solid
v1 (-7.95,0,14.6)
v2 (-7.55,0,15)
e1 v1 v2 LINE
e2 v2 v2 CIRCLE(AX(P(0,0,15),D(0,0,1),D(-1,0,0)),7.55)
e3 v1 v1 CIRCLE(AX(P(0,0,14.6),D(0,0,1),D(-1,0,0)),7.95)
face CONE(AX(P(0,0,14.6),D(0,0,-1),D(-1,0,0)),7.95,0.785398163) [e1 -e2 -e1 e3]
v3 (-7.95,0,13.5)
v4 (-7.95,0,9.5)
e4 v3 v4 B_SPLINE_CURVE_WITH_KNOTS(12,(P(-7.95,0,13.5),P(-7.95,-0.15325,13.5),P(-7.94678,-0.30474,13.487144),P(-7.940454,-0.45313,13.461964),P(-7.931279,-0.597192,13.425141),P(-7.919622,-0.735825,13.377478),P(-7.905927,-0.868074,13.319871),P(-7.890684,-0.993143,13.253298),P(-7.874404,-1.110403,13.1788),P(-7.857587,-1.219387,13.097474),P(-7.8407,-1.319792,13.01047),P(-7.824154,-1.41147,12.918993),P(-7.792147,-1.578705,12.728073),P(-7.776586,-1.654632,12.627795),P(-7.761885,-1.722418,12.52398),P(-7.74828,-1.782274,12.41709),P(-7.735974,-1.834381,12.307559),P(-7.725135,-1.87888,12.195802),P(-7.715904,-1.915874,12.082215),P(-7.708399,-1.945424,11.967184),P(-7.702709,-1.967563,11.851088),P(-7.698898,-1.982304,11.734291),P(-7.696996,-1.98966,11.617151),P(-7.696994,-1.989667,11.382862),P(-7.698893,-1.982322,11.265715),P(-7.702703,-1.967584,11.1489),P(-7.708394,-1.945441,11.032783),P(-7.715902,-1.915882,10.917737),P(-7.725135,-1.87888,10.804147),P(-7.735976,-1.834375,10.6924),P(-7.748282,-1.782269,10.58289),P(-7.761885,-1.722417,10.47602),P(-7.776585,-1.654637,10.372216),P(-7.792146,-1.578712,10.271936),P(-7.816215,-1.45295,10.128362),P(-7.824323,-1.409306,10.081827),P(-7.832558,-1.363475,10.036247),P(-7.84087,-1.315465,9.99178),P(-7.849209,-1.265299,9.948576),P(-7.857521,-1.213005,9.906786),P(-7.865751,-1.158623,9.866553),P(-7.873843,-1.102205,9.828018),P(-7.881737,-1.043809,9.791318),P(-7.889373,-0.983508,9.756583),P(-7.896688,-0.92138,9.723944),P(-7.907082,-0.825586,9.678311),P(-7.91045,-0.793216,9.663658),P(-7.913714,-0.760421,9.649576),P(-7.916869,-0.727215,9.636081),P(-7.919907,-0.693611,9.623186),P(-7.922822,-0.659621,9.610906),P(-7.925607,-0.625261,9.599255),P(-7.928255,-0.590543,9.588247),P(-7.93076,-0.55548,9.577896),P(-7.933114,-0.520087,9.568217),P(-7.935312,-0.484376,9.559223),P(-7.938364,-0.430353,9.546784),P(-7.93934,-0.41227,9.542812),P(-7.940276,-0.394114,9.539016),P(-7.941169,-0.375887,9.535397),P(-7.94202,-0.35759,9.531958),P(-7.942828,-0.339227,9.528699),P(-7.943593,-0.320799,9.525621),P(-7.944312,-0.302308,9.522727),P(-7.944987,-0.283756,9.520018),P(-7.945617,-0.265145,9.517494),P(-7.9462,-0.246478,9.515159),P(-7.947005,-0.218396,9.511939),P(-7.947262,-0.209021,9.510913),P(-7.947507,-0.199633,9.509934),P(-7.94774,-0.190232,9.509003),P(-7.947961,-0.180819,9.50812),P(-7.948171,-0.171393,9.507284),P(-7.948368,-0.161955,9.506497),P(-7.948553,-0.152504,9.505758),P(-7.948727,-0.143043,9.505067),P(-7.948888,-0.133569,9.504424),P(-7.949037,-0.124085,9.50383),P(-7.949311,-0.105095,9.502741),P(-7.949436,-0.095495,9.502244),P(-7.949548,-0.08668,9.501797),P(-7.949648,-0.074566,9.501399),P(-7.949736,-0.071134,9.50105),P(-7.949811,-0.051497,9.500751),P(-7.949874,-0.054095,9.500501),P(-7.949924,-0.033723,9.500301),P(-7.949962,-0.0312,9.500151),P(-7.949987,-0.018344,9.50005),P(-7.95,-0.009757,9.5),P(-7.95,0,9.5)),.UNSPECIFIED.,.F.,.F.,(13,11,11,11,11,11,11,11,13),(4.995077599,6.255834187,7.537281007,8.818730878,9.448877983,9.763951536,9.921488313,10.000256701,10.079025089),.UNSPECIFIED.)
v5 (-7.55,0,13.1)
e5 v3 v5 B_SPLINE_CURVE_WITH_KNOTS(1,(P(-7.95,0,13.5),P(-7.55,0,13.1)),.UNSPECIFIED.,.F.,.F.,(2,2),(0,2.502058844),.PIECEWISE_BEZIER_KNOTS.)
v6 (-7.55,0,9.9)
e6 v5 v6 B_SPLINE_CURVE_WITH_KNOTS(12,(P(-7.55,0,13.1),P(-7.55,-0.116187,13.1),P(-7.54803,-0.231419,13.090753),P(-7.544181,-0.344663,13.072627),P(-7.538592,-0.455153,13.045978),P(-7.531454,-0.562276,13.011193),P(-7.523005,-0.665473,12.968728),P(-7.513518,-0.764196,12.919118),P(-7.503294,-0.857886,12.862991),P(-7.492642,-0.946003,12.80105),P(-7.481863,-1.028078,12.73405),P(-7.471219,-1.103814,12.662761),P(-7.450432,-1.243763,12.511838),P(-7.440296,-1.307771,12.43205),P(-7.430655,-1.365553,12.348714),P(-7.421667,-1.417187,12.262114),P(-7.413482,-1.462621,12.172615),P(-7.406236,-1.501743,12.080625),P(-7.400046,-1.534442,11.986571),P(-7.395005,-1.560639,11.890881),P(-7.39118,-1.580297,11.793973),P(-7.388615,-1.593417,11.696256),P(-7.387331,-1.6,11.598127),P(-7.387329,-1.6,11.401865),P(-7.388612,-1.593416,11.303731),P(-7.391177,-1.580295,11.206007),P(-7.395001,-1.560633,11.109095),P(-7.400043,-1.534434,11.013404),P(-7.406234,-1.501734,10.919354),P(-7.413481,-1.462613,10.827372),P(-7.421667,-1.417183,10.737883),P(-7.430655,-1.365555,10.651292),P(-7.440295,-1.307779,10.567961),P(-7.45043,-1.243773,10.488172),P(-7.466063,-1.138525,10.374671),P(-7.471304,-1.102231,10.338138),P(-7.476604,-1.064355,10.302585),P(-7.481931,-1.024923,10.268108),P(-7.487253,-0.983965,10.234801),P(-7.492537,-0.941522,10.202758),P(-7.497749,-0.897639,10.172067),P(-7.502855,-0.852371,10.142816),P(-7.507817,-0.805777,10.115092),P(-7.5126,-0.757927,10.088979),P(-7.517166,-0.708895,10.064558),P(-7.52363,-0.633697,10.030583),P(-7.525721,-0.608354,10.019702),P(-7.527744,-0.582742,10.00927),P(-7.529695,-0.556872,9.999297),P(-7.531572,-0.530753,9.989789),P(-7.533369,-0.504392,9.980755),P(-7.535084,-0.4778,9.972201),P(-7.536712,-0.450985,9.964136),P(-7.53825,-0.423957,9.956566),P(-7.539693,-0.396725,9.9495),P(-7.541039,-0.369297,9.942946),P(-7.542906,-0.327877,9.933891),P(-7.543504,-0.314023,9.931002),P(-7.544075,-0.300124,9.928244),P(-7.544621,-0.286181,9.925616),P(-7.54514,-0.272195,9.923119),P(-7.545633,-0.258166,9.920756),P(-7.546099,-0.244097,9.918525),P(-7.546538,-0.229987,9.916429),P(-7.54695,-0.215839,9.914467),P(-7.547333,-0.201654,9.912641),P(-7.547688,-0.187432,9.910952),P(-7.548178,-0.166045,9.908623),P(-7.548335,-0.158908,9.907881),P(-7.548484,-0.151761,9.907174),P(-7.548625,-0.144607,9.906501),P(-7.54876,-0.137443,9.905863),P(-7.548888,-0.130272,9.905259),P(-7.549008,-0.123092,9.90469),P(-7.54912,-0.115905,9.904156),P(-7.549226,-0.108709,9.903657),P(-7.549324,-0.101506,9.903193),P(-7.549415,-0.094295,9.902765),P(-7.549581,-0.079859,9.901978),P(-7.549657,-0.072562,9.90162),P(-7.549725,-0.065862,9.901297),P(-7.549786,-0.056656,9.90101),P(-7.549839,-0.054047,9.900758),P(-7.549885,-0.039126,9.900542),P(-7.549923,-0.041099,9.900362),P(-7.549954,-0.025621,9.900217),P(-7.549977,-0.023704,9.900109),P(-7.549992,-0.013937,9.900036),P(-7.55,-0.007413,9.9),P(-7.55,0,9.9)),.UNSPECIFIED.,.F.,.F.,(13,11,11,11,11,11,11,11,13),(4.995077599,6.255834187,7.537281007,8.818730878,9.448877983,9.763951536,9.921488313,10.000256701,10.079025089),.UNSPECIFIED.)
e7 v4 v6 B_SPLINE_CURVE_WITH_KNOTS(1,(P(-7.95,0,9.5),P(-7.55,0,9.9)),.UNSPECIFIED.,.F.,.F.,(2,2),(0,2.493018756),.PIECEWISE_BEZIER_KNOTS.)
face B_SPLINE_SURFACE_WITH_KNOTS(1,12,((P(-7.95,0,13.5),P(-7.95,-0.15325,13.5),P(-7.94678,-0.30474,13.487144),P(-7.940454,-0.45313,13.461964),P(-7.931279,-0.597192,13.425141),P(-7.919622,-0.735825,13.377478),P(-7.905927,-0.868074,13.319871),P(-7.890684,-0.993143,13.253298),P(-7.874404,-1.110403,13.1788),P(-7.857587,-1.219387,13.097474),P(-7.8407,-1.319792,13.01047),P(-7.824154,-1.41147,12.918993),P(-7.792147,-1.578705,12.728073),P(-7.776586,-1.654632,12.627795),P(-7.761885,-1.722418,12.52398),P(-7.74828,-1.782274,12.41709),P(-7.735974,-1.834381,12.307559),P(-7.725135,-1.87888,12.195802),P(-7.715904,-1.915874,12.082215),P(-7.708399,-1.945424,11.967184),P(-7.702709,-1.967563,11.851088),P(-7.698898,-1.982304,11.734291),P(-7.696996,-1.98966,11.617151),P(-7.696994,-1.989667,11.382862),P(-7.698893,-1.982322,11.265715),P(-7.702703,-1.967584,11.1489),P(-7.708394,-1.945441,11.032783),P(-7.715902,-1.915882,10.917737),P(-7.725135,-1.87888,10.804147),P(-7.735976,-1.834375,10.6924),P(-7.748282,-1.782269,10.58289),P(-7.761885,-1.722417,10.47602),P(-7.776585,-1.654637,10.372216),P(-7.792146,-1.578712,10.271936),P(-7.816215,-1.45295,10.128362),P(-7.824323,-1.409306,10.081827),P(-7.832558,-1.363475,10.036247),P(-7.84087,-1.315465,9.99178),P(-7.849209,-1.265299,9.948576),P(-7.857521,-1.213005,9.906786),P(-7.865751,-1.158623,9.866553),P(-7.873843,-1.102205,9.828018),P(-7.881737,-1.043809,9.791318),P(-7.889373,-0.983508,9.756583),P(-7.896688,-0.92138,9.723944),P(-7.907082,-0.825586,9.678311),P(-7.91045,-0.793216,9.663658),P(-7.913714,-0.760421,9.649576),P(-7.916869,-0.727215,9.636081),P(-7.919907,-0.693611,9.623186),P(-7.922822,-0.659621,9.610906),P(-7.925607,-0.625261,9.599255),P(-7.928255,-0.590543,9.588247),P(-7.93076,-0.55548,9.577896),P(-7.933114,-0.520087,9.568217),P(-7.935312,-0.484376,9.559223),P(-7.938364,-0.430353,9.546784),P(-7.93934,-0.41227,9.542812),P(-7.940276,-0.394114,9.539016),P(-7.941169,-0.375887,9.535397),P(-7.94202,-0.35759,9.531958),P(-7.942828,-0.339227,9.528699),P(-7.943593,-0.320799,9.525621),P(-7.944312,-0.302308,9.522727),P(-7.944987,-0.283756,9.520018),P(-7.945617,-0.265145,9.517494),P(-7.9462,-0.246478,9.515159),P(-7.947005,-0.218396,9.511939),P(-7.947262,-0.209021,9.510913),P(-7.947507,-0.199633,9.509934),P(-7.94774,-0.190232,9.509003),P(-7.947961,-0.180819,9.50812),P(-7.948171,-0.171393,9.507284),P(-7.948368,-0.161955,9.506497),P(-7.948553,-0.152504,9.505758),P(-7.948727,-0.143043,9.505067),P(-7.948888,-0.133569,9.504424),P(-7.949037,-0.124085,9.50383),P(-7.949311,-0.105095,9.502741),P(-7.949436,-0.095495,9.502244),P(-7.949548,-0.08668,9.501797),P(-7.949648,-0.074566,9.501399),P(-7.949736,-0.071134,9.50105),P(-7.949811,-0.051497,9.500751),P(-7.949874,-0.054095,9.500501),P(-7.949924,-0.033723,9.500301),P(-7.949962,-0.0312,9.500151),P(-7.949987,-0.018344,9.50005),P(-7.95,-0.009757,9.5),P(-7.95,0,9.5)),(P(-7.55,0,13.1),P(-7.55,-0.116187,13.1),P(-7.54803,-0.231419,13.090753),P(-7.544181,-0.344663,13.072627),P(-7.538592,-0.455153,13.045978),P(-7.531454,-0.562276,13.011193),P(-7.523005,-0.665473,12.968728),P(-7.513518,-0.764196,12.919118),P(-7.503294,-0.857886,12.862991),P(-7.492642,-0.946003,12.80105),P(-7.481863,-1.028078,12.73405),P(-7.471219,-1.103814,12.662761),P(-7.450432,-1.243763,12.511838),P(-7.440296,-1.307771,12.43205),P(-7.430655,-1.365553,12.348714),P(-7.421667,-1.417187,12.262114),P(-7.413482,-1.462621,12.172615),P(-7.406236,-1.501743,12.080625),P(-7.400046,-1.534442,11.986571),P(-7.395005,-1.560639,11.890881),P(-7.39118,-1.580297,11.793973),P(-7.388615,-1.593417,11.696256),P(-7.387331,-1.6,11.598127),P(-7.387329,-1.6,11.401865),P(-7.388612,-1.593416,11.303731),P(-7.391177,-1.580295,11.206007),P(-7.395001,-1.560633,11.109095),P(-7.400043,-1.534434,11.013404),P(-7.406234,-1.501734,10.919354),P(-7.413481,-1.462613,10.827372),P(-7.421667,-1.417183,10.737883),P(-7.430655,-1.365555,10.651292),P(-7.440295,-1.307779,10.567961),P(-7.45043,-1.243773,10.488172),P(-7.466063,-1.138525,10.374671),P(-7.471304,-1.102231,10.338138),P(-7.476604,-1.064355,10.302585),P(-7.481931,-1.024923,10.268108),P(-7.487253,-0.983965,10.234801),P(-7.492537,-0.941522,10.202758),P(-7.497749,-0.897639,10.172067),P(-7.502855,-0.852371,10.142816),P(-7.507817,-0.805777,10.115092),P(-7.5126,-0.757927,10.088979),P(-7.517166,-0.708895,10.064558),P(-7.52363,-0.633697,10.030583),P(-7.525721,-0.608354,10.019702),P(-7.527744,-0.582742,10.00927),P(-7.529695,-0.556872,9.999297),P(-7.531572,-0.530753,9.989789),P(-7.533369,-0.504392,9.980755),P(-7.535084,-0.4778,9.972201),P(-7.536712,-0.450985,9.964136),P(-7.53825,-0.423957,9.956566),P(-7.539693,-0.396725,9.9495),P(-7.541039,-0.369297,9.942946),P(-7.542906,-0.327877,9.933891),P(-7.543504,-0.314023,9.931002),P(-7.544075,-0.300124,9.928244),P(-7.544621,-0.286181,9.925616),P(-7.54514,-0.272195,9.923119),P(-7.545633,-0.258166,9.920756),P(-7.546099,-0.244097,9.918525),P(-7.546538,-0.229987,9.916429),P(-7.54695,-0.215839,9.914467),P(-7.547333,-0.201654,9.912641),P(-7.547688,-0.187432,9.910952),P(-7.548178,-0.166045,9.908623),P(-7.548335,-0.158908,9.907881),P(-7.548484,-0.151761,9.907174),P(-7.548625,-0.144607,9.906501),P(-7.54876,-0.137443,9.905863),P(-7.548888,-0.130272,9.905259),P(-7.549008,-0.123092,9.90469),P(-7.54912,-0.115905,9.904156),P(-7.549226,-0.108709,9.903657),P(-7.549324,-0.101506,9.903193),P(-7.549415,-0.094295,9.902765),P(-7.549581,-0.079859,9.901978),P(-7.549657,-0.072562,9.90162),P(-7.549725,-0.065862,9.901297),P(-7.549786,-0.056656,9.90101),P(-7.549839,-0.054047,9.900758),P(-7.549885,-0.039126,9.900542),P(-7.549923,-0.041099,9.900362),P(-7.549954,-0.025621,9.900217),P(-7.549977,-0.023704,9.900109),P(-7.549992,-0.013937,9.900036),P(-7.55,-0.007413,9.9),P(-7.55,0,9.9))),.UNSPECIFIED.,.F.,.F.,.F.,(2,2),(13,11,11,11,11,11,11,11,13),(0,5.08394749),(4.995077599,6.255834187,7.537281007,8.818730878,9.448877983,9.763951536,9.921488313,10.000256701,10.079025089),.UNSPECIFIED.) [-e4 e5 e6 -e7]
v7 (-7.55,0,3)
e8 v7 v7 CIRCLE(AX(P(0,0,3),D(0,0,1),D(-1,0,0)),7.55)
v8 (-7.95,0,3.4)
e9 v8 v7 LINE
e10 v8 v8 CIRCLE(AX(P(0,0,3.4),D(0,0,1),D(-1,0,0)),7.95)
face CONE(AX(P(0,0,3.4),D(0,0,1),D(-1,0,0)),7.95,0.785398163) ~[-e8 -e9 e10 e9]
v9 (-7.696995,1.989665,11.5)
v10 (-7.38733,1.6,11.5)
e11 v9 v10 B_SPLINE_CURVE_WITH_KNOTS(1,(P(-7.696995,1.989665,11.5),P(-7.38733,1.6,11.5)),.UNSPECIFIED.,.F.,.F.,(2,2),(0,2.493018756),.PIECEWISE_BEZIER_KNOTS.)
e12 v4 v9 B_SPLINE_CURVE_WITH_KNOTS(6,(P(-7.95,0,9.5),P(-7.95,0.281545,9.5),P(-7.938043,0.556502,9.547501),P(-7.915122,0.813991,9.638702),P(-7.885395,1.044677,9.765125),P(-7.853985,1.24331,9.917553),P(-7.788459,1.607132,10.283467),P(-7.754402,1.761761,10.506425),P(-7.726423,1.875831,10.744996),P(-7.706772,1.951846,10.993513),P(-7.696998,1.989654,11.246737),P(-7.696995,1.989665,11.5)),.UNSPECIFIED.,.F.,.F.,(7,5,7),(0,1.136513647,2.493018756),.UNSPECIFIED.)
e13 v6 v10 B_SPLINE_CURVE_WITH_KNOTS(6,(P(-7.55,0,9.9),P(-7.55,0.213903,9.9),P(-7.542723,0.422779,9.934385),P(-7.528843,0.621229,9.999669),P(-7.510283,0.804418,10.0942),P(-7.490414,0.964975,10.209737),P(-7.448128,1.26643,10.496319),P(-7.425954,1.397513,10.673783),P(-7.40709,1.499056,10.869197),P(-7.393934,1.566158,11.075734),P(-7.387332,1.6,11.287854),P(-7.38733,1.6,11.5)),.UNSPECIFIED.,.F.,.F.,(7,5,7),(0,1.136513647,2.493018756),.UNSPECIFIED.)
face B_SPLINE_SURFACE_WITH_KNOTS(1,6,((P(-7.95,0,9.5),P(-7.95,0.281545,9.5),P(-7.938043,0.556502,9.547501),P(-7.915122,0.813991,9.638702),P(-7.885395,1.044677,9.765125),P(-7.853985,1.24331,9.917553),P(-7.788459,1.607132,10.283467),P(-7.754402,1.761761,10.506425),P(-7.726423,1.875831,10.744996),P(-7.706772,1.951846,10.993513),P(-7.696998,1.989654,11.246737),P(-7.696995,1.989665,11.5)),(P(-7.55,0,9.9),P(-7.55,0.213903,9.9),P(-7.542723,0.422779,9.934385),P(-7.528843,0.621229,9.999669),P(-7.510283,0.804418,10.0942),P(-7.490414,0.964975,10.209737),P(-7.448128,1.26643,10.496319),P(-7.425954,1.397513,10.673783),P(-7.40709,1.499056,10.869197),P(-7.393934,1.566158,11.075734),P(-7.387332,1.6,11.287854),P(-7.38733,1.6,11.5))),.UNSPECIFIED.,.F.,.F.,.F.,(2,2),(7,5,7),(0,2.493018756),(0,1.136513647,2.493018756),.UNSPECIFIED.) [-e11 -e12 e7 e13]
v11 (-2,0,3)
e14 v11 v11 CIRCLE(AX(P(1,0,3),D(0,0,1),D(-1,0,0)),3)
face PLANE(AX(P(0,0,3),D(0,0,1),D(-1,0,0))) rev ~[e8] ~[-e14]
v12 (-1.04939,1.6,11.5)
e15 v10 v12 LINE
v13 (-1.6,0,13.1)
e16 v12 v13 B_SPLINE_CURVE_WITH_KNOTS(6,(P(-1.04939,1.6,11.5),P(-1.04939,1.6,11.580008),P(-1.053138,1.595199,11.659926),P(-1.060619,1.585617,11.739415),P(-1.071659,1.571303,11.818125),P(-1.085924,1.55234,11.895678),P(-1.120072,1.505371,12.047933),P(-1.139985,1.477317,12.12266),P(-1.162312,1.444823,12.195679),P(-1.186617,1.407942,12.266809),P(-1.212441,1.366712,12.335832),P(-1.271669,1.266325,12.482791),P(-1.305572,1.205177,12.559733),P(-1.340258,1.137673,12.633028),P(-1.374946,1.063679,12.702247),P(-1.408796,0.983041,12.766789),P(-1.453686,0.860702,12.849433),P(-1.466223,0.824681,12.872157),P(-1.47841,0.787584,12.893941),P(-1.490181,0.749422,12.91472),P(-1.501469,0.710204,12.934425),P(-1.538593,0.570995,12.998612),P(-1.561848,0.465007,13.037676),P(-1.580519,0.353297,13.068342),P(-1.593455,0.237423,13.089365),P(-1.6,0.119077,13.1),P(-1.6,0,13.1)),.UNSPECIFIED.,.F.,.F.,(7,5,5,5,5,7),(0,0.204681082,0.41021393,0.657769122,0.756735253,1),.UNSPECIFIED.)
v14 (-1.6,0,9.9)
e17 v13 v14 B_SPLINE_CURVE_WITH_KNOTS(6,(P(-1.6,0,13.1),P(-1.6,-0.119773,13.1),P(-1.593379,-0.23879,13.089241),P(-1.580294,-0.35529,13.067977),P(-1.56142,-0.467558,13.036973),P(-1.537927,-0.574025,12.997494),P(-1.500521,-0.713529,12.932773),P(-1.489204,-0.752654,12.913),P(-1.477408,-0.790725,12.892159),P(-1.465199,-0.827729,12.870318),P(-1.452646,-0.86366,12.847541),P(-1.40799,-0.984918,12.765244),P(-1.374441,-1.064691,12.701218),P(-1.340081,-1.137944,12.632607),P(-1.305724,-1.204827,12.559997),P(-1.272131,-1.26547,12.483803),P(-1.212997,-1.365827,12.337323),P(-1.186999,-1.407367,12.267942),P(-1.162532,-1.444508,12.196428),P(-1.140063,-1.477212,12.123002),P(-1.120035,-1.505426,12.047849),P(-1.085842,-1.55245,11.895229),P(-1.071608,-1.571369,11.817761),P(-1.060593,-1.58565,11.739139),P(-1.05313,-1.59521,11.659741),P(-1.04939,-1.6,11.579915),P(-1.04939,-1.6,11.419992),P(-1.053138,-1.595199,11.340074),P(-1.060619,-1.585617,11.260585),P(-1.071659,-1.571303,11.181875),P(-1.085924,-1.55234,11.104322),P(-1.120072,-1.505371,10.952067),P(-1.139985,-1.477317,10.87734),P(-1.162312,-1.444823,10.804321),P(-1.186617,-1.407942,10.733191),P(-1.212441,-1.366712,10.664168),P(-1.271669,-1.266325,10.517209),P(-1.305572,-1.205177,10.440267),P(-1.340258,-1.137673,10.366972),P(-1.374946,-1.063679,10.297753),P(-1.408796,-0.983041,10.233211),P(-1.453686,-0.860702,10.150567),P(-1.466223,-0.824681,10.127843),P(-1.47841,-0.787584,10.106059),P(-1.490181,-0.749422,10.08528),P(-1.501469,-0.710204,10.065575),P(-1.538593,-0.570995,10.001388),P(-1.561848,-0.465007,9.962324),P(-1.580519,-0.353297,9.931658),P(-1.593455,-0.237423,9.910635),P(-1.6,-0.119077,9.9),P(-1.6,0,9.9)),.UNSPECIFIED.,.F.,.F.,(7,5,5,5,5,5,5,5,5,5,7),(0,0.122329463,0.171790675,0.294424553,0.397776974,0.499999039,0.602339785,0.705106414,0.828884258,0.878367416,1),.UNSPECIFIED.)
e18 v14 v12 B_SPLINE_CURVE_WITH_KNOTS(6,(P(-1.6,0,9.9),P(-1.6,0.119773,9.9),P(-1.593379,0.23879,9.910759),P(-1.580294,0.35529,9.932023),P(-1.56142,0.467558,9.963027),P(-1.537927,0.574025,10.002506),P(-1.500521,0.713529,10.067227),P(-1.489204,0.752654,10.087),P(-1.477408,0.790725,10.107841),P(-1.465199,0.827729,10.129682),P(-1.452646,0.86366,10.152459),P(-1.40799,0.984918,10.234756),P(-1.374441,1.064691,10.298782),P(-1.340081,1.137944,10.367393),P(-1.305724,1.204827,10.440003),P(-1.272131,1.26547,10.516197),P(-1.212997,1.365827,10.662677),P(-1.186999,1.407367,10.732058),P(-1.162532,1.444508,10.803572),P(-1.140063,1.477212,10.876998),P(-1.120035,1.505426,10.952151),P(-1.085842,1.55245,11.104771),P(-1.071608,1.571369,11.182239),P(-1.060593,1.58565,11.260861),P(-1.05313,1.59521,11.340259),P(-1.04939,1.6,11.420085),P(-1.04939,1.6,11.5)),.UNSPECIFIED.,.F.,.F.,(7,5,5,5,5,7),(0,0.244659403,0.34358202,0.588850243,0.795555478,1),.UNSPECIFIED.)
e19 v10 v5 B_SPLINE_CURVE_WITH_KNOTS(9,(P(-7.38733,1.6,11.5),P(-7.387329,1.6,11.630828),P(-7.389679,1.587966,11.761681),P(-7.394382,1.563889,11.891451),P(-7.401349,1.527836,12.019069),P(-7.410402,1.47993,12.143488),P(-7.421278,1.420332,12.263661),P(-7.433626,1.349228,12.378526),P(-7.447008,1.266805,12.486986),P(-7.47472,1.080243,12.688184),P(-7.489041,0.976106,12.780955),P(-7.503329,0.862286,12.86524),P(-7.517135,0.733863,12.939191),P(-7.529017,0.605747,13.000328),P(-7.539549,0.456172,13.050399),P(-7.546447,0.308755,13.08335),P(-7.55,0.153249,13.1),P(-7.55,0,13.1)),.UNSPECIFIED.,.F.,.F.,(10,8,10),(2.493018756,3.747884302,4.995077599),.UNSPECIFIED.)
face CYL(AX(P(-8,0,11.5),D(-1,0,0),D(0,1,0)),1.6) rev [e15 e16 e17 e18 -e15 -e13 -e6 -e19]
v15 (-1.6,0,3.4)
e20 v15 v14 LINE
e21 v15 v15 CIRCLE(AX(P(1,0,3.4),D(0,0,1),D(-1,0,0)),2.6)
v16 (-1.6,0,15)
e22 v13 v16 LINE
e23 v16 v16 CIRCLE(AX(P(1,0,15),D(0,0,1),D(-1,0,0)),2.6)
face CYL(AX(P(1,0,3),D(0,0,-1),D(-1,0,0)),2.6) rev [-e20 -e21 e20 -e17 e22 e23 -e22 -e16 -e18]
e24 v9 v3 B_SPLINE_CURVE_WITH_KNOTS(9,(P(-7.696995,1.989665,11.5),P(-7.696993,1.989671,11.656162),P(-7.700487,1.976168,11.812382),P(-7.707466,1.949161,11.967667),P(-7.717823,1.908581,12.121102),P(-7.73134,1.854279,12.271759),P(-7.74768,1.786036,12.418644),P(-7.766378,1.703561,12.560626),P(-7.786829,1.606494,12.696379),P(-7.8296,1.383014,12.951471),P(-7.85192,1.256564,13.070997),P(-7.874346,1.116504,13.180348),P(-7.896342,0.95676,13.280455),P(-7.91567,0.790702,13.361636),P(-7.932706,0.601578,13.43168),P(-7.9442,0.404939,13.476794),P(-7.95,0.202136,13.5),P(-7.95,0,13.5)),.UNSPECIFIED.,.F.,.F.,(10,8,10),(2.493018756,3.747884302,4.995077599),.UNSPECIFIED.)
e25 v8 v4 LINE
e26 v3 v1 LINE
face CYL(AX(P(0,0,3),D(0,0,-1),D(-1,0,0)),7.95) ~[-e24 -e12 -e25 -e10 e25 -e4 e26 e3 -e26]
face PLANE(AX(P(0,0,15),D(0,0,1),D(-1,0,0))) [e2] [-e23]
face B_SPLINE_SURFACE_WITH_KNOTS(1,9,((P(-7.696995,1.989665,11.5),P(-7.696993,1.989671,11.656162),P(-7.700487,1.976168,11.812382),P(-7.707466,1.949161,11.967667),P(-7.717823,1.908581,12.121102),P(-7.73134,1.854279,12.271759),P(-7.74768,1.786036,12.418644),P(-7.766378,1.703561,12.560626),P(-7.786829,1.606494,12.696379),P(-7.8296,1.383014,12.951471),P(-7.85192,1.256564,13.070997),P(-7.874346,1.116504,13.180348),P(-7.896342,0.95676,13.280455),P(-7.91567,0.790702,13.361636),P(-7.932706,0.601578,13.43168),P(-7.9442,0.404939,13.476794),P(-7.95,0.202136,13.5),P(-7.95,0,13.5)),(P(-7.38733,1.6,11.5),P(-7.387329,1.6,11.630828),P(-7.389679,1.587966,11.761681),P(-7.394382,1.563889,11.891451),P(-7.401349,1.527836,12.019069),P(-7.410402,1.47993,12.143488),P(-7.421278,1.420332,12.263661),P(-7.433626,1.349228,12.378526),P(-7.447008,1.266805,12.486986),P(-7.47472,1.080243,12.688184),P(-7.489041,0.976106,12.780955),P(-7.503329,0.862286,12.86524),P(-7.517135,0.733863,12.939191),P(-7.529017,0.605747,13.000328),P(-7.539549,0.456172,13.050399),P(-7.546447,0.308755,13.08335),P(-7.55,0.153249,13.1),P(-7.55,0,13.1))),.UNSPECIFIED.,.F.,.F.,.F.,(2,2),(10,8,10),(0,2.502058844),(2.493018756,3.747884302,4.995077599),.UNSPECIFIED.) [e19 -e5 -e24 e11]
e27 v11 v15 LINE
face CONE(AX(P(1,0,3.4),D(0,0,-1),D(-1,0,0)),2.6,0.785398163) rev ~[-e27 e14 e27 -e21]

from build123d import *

# Parameters (mm, degrees)
SKETCH051_R          = 7.95
SKETCH051_R_2        = 2.6
PAD016_DEPTH         = 12
SKETCH052_R          = 1.6
POCKET_DEPTH         = 8
CHAMFER_SIZE         = 0.4
BODY_PLACEMENT_ANGLE = 90


with BuildPart() as part:
    # Sketch051 → Pad016 (new body)
    with BuildSketch(Plane(origin=(0, 0, 0), x_dir=(0, 1, 0), z_dir=(0, 0, 1))):
        Circle(SKETCH051_R)
        with Locations((-1, 0)):
            Circle(SKETCH051_R_2, mode=Mode.SUBTRACT)
    extrude(amount=PAD016_DEPTH)

    # Sketch052 → Pocket (cut)
    with BuildSketch(Plane.XZ.offset(-8)):
        with Locations((0, 8.5)):
            Circle(SKETCH052_R)
    extrude(amount=POCKET_DEPTH, mode=Mode.SUBTRACT)

    # Chamfer
    chamfer_edges = [part.edges().sort_by_distance(p)[0] for p in [
        (0, -7.95, 0),
        (0, 7.95, 3.45),
        (1.131391, 7.869082, 7.368649),
        (1.131391, 7.869082, 9.631351),
        (0, 7.95, 11.05),
        (0, -7.95, 12),
        (-1.6, 7.787329, 8.5),
        (0, -3.6, 0),
    ]]
    chamfer(chamfer_edges, length=CHAMFER_SIZE)


with BuildPart() as part_1:
    # Body placement: moved
    add(part.part.moved(Location((0, 0, 3))).rotate(Axis((0, 0, 3), (0, 0, 1)), BODY_PLACEMENT_ANGLE))


solid = part_1.part
